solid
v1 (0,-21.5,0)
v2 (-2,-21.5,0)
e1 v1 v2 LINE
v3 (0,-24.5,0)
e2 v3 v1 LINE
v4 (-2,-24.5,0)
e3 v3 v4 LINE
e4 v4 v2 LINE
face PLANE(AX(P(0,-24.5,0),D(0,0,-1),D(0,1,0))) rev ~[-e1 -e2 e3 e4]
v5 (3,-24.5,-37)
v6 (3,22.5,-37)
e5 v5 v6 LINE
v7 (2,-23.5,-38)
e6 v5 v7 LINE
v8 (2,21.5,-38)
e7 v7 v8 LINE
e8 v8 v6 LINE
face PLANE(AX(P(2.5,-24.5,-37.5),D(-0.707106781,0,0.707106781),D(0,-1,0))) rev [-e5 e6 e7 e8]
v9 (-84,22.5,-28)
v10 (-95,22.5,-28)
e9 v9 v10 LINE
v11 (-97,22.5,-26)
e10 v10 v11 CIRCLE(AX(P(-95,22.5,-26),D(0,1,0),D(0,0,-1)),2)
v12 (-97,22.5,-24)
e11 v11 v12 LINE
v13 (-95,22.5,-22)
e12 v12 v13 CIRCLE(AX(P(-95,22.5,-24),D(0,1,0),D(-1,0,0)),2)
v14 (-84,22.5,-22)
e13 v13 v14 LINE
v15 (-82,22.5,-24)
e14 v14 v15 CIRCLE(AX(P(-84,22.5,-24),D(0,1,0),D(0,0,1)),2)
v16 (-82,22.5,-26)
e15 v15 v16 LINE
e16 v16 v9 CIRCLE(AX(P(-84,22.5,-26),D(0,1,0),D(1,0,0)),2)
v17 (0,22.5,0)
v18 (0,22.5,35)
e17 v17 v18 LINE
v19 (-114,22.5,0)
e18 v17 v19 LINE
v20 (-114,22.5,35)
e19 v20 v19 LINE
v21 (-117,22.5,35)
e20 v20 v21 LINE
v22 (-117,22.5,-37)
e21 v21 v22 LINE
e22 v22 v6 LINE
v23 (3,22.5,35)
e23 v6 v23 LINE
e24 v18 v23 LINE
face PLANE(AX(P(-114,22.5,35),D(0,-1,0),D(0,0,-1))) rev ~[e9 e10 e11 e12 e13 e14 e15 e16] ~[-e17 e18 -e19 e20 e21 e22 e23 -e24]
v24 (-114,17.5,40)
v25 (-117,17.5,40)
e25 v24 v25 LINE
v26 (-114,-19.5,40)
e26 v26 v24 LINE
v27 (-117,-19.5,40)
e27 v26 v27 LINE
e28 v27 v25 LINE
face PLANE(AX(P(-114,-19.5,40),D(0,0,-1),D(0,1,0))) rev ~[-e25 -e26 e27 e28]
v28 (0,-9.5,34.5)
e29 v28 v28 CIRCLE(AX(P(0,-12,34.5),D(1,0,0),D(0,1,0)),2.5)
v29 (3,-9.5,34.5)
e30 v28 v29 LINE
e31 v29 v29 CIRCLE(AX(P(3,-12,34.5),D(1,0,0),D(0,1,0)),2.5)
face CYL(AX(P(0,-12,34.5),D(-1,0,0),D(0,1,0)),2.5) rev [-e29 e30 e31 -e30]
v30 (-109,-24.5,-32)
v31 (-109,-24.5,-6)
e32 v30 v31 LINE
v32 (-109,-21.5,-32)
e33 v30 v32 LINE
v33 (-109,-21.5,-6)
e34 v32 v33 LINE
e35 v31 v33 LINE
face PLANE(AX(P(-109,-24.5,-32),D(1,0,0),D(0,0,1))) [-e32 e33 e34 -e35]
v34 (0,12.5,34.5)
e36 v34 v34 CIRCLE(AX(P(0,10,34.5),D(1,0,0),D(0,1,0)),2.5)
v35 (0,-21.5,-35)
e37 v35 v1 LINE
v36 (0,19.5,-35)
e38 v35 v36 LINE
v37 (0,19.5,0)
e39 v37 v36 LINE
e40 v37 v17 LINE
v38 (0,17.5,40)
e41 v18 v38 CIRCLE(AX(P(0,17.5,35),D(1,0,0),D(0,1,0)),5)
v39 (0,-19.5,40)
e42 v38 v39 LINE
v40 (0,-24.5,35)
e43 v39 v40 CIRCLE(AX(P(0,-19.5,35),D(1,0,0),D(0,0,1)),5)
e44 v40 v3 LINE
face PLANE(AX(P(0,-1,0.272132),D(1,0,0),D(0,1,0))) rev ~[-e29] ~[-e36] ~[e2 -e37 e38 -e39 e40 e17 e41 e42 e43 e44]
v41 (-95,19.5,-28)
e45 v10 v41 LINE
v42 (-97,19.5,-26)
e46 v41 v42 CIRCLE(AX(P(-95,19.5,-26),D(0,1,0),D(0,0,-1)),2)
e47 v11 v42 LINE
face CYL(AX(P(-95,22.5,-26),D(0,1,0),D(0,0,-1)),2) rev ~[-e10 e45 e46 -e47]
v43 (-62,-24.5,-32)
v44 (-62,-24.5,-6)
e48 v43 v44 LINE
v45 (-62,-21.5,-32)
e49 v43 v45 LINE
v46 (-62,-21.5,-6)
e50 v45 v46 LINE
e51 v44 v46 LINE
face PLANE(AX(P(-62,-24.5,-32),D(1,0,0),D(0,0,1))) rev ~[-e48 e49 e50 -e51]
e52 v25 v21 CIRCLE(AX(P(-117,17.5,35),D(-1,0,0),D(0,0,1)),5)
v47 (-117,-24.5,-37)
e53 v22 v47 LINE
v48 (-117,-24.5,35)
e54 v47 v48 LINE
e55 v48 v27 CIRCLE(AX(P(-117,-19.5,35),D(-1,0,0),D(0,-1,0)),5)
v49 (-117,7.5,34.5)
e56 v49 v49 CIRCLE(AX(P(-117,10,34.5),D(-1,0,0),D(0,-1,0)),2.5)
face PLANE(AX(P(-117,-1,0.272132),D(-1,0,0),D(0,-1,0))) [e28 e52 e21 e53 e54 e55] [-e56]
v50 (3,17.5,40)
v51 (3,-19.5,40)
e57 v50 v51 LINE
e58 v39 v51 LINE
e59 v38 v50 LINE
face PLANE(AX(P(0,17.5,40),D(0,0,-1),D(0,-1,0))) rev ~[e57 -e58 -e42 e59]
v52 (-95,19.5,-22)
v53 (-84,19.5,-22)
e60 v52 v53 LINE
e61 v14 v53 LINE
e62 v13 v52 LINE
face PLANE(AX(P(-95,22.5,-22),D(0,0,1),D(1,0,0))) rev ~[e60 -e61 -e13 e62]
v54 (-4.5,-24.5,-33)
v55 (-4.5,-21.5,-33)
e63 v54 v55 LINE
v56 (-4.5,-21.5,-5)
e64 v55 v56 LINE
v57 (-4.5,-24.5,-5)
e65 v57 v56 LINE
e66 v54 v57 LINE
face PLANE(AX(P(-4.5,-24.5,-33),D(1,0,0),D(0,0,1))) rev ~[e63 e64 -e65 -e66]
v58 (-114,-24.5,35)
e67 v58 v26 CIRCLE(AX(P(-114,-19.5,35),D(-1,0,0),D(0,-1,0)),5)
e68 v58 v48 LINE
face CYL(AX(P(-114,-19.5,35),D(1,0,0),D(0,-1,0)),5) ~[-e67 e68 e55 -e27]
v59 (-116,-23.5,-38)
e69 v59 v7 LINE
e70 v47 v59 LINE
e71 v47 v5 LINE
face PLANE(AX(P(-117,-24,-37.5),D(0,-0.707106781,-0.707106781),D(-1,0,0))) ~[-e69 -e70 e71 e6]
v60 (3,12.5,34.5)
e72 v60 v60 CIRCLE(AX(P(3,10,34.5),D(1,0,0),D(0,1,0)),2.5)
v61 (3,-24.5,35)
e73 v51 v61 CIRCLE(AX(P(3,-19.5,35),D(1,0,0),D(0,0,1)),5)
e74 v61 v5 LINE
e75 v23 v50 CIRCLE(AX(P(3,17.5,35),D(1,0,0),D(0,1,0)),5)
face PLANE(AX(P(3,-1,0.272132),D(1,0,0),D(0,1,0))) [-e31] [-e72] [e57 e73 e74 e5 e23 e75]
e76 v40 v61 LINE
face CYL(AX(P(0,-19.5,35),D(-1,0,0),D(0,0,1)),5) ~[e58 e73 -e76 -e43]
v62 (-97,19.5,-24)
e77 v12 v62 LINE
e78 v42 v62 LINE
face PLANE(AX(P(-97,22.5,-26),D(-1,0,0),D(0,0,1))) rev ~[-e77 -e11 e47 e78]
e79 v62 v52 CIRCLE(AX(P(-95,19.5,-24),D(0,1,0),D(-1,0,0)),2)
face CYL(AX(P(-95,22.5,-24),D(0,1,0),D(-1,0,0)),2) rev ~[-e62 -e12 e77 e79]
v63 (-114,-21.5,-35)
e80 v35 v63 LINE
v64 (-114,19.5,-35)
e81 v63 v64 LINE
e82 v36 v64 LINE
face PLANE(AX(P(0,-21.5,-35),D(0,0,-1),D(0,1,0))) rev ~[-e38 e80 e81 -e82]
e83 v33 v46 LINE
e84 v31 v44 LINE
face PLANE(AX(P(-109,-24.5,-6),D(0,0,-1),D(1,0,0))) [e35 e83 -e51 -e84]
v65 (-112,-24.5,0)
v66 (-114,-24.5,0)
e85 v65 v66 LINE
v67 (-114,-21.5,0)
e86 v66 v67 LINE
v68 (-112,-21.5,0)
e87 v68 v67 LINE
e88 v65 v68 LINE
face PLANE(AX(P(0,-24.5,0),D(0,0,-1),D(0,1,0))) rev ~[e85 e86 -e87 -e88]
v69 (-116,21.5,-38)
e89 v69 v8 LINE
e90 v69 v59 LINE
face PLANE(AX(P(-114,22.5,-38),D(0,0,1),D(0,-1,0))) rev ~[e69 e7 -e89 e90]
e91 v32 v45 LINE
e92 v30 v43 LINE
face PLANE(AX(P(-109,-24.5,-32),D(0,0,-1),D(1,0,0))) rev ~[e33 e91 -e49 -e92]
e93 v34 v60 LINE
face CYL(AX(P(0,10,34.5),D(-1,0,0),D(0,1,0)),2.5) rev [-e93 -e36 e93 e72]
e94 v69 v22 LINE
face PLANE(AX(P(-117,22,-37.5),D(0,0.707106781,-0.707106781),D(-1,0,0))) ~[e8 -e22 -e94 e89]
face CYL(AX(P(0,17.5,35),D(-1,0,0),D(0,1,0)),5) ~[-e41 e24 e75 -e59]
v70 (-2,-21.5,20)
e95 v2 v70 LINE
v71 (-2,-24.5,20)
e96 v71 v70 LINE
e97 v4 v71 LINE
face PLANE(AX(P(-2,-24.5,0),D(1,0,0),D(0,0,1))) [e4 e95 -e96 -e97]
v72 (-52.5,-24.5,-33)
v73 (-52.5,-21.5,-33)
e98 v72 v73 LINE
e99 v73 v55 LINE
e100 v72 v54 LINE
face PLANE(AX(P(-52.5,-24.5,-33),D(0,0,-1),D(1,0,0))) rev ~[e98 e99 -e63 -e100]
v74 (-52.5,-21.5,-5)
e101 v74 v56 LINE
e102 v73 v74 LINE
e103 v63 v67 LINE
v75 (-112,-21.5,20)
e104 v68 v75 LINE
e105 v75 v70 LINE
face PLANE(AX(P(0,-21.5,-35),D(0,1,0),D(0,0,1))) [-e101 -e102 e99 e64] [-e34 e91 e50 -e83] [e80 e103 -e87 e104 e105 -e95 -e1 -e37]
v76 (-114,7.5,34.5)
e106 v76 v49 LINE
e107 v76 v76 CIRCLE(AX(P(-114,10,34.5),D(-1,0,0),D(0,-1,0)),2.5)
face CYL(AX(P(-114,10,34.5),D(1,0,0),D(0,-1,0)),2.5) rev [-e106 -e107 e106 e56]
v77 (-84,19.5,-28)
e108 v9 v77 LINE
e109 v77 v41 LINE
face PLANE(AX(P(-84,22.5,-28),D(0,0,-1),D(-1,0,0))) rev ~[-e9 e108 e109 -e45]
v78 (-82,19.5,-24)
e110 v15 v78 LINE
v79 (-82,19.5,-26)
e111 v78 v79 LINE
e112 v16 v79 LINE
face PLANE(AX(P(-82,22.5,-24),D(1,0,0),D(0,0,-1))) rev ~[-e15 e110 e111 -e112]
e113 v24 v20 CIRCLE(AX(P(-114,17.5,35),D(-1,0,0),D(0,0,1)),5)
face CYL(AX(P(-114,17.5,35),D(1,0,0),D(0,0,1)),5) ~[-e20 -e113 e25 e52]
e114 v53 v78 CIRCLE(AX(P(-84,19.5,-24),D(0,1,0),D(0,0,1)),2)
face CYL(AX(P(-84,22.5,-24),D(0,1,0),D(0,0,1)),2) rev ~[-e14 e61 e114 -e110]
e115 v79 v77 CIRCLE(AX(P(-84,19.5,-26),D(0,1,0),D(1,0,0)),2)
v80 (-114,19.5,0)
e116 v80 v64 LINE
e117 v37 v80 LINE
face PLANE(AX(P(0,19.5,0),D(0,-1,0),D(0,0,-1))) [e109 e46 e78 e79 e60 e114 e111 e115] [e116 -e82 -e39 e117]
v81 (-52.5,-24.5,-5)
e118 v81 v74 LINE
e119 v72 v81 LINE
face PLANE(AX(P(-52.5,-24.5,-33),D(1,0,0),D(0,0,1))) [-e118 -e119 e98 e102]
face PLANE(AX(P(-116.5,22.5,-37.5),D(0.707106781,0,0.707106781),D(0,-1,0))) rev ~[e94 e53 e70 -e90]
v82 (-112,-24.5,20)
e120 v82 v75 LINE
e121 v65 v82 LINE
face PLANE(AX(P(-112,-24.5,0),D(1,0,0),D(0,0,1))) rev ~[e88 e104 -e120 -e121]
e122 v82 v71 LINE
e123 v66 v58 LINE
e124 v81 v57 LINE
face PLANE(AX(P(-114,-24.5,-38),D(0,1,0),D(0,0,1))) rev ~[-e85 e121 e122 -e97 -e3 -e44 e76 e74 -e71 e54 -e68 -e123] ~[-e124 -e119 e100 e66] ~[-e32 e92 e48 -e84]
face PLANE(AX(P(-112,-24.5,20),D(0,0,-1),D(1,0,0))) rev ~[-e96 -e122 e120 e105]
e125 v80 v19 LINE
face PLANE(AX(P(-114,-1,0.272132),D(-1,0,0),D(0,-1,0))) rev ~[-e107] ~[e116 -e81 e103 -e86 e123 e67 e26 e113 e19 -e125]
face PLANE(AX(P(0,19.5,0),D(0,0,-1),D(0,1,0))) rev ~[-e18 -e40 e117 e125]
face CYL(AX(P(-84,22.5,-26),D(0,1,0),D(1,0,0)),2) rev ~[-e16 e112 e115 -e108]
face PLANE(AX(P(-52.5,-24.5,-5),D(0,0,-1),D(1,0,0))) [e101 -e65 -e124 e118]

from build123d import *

# Parameters (mm, degrees)
F2_R      = 2.5
F3_DEPTH  = 3
F4_W      = 3
F4_H      = 35
F4_H_2    = 3
F4_W_2    = 41
F5_DEPTH  = 114
F6_R      = 2.5
F7_DEPTH  = 3
F8_W      = 110
F8_H      = 20
F9_DEPTH  = 3
F10_W     = 47
F10_H     = 26
F10_W_2   = 48
F10_H_2   = 28
F11_DEPTH = 3
F13_DEPTH = 3
F14_SIZE  = 1


with BuildPart() as f3:
    # F2 (on Right) → F3 (new body)
    with BuildSketch(Plane.YZ):
        with BuildLine():
            ThreePointArc((22.5, 35), (21.0355339059, 38.5355339059), (17.5, 40))
            Line((17.5, 40), (-19.5, 40))
            ThreePointArc((-19.5, 40), (-23.0355339059, 38.5355339059), (-24.5, 35))
            Line((-24.5, 35), (-24.5, -38))
            Line((-24.5, -38), (22.5, -38))
            Line((22.5, -38), (22.5, 35))
        make_face()
        with Locations((-12, 34.5)):
            Circle(F2_R, mode=Mode.SUBTRACT)
        with Locations((10, 34.5)):
            Circle(F2_R, mode=Mode.SUBTRACT)
    extrude(amount=F3_DEPTH)

    # F4 (on Right) → F5 (join)
    with BuildSketch(Plane.YZ):
        with Locations((-23, -17.5)):
            Rectangle(F4_W, F4_H)
        with Locations((21, -36.5)):
            Rectangle(F4_W, F4_H_2)
        with Locations((21, -17.5)):
            Rectangle(F4_W, F4_H)
        with Locations((-1, -36.5)):
            Rectangle(F4_W_2, F4_H_2)
        with Locations((-23, -36.5)):
            Rectangle(F4_W, F4_H_2)
    extrude(amount=-F5_DEPTH)

    # F6 (on face) → F7 (join)
    with BuildSketch(Plane(origin=(-114, 0, 0), x_dir=(0, -1, 0), z_dir=(-1, 0, 0))):
        with BuildLine():
            ThreePointArc((24.5, 35), (23.0355339059, 38.5355339059), (19.5, 40))
            Line((19.5, 40), (-17.5, 40))
            ThreePointArc((-17.5, 40), (-21.0355339059, 38.5355339059), (-22.5, 35))
            Line((-22.5, 35), (-22.5, -38))
            Line((-22.5, -38), (24.5, -38))
            Line((24.5, -38), (24.5, 35))
        make_face()
        with Locations((-10, 34.5)):
            Circle(F6_R, mode=Mode.SUBTRACT)
    extrude(amount=F7_DEPTH)

    # F8 (on face) → F9 (join)
    with BuildSketch(Plane.XZ.offset(24.5)):
        with Locations((-57, 10)):
            Rectangle(F8_W, F8_H)
    extrude(amount=-F9_DEPTH)

    # F10 (on face) → F11 (cut, through all)
    with BuildSketch(Plane.XZ.offset(24.5)):
        with Locations((-85.5, -19)):
            Rectangle(F10_W, F10_H)
        with Locations((-28.5, -19)):
            Rectangle(F10_W_2, F10_H_2)
    extrude(amount=-F11_DEPTH, mode=Mode.SUBTRACT)

    # F12 (on face) → F13 (cut, through all)
    with BuildSketch(Plane(origin=(0, 22.5, 0), x_dir=(-1, 0, 0), z_dir=(0, 1, 0))):
        with BuildLine():
            ThreePointArc((82, -26), (82.5857864376, -27.4142135624), (84, -28))
            Line((84, -28), (95, -28))
            ThreePointArc((95, -28), (96.4142135624, -27.4142135624), (97, -26))
            Line((97, -26), (97, -24))
            ThreePointArc((97, -24), (96.4142135624, -22.5857864376), (95, -22))
            Line((95, -22), (84, -22))
            ThreePointArc((84, -22), (82.5857864376, -22.5857864376), (82, -24))
            Line((82, -24), (82, -26))
        make_face()
    extrude(amount=-F13_DEPTH, mode=Mode.SUBTRACT)

    # F14
    f14_edges = [f3.edges().sort_by_distance(p)[0] for p in [
        (-57, -24.5, -38),
        (3, -1, -38),
        (-57, 22.5, -38),
        (-117, -1, -38),
    ]]
    chamfer(f14_edges, length=F14_SIZE)


solid = f3.part
